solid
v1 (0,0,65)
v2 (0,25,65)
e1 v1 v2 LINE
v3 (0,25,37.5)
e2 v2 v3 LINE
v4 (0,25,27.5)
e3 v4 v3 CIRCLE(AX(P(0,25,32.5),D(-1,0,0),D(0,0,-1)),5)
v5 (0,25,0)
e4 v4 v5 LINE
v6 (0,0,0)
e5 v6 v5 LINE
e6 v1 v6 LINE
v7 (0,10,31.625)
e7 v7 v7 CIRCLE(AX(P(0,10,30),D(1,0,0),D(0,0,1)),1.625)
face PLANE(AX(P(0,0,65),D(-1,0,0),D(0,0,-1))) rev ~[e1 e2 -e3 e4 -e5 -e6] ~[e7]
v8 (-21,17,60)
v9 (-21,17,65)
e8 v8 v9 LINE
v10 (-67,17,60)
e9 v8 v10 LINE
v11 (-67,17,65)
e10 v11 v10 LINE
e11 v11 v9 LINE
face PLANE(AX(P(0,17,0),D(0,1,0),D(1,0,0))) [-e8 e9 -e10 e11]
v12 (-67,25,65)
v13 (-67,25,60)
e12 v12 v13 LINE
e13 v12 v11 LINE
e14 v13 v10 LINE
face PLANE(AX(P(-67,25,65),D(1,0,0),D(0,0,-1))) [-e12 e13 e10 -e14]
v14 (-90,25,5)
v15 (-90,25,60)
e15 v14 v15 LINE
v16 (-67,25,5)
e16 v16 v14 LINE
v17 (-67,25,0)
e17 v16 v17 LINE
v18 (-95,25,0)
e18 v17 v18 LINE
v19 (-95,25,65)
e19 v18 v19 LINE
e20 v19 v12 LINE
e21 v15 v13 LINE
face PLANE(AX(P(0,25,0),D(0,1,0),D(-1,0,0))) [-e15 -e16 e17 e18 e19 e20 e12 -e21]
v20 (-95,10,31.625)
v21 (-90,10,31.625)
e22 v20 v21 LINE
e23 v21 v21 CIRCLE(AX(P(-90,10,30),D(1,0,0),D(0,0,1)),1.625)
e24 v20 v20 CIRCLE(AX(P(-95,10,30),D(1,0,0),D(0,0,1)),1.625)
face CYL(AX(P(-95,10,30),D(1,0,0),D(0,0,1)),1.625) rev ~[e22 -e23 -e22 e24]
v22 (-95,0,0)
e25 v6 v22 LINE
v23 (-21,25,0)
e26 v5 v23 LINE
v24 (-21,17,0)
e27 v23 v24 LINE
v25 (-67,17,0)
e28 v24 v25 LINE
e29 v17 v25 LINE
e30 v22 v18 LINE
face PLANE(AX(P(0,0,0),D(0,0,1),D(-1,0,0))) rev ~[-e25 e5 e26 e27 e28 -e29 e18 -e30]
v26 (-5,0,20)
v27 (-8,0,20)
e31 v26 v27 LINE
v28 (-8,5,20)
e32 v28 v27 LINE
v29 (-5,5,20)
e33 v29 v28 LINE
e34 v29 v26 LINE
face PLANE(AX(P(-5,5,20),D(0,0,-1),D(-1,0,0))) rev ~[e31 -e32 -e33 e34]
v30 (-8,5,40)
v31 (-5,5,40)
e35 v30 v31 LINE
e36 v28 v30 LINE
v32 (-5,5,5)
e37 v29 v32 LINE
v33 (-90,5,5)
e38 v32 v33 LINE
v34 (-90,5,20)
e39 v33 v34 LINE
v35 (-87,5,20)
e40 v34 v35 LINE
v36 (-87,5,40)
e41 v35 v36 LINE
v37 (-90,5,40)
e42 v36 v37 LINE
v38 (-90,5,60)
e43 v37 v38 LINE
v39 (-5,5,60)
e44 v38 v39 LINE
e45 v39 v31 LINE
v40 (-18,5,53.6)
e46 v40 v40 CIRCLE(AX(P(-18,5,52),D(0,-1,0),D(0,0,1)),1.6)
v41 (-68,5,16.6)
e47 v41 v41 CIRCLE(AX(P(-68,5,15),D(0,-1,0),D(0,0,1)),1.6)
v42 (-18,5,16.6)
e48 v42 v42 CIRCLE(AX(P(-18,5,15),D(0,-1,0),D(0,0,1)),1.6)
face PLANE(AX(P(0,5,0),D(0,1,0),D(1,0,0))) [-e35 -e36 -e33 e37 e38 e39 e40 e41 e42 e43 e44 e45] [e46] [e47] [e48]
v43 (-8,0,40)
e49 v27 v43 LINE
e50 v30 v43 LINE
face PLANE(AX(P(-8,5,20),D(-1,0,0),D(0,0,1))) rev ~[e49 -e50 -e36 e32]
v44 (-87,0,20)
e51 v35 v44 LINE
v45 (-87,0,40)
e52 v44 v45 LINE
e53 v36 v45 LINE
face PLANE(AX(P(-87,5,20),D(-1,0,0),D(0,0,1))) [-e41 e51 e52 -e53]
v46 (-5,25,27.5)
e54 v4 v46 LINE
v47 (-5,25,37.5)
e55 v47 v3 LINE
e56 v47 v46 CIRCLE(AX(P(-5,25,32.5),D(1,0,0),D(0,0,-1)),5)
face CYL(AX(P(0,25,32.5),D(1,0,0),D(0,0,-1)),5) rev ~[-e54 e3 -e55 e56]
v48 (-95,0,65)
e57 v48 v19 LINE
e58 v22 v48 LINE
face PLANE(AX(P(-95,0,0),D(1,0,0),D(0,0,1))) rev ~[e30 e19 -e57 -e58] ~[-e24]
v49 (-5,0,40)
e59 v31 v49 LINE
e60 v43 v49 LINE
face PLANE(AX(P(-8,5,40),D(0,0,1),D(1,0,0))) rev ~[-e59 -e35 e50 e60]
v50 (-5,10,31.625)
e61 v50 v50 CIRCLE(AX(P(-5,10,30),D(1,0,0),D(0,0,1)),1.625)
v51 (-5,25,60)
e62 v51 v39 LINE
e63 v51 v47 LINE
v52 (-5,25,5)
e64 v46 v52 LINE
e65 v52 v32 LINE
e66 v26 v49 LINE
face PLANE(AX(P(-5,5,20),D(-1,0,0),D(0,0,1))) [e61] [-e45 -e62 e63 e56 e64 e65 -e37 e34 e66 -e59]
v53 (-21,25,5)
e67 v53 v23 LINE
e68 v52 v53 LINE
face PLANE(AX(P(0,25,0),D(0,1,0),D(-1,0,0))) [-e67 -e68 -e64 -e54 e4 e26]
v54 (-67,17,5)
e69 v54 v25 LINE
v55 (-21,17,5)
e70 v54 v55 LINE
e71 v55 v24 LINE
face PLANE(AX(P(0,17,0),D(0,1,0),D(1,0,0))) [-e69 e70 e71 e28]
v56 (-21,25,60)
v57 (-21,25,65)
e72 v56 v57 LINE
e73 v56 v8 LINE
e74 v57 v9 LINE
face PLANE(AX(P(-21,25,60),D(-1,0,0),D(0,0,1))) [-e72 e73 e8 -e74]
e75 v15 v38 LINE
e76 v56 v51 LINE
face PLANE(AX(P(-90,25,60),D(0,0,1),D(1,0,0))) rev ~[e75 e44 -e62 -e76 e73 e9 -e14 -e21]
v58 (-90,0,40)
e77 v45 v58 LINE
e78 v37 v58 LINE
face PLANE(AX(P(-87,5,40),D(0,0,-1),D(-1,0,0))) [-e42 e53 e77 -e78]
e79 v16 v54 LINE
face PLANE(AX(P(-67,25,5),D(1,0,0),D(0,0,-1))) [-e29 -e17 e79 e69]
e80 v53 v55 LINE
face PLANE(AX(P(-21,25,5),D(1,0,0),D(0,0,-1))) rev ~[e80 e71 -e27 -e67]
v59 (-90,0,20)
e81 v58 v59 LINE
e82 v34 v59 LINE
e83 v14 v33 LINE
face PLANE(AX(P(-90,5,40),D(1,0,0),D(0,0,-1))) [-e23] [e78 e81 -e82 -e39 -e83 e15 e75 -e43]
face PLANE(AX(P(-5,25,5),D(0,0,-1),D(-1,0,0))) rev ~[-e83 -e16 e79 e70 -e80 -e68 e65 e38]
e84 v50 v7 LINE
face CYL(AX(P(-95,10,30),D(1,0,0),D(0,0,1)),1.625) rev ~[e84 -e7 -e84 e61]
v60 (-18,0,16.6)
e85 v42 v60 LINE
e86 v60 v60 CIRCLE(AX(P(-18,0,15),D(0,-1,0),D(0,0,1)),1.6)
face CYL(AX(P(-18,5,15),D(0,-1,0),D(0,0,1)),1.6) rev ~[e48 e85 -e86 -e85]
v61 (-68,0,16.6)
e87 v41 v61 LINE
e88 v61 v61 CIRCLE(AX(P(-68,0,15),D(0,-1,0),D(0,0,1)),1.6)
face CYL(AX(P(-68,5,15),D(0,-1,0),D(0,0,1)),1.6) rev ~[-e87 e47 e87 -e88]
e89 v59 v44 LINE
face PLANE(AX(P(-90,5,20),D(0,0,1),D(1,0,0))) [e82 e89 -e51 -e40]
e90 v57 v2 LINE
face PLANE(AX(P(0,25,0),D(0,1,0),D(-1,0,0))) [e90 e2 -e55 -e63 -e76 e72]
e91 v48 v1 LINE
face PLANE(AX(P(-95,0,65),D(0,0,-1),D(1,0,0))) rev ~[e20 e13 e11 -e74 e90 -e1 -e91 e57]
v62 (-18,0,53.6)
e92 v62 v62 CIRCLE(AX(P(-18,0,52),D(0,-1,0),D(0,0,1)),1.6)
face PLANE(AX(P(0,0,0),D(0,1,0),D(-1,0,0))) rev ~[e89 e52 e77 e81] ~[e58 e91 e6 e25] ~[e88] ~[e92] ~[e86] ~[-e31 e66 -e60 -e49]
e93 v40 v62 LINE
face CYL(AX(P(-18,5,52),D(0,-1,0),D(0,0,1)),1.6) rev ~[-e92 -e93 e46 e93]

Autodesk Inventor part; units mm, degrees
ref_plane "YZ Plane" through (0, 0, 0) normal (1, 0, 0) x (0, 1, 0)
ref_plane "XZ Plane" through (0, 0, 0) normal (0, 1, 0) x (-1, 0, 0)
ref_plane "XY Plane" through (0, 0, 0) normal (0, 0, 1) x (1, 0, 0)
sketch "Sketch1" plane through (0, 0, 0) normal (0, 1, 0) x (-1, 0, 0)
  line L0 (0, 0) -> (95, 0)
  line L1 (95, 0) -> (95, 65)
  line L2 (95, 65) -> (0, 65)
  line L3 (0, 65) -> (0, 0)
  dimension "d0" = 95
  dimension "d1" = 65
extrude "Extrusion1" add sketch "Sketch1" along normal blind 25
sketch "Sketch2" plane through (0, 25, 0) normal (0, 1, 0) x (1, 0, 0)
  line L0 (-5, -5) -> (-90, -5)
  line L1 (-90, -5) -> (-90, -60)
  line L2 (-90, -60) -> (-5, -60)
  line L3 (-5, -60) -> (-5, -5)
extrude "Extrusion2" cut sketch "Sketch2" against normal blind 20
sketch "Sketch3" plane through (0, 25, 0) normal (0, 1, 0) x (1, 0, 0)
  line L0 (-5, -60) -> (-90, -60) projected
  line L1 (-95, -65) -> (0, -65) projected
  line L2 (-67, -65) -> (-67, -60)
  line L3 (-21, -60) -> (-21, -65)
  line L4 (-90, -5) -> (-5, -5) projected
  line L5 (0, 0) -> (-95, 0) projected
  line L6 (0, -65) -> (0, 0) projected
  line L7 (-67, -5) -> (-67, 0)
  line L8 (-21, -5) -> (-21, 0)
  line L9 (-67, 0) -> (-21, 0)
  line L10 (-21, -5) -> (-67, -5)
  dimension "d6" = 28
  dimension "d7" = 21
extrude "Extrusion4" cut sketch "Sketch3" against normal blind 8 contours L3 L1 L2 L0
extrude "Extrusion5" cut sketch "Sketch3" against normal blind 8 contours L8 L4 L7 L5
sketch "Sketch4" plane through (0, 0, 65) normal (1, 0, 0) x (0, 0, -1)
  line L0 (0, 25) -> (65, 25) projected
  circle A0 centre (32.5, 25) radius 5
  dimension "d14" = 10
extrude "Extrusion6" cut sketch "Sketch4" against normal blind 8
sketch "Sketch5" plane through (0, 5, 0) normal (0, 1, 0) x (1, 0, 0)
  line L0 (-90, -5) -> (-5, -5) projected
  line L1 (-90, -60) -> (-90, -5) projected
  line L2 (-90, -20) -> (-87, -20)
  line L3 (-87, -20) -> (-87, -40)
  line L4 (-87, -40) -> (-90, -40)
  line L5 (-90, -40) -> (-90, -20)
  point P0 (0, 0)
  dimension "d17" = 3
  dimension "d18" = 20
  dimension "d19" = 15
extrude "Extrusion7" cut sketch "Sketch5" against normal blind 8
sketch "Sketch6" plane through (0, 5, 0) normal (0, 1, 0) x (1, 0, 0)
  line L0 (-5, -5) -> (-5, -60) projected
  line L1 (-90, -20) -> (-90, -5) projected
  line L2 (-5, -20) -> (-8, -20)
  line L3 (-8, -20) -> (-8, -40)
  line L4 (-8, -40) -> (-5, -40)
  point P0 (0, 0)
  dimension "d22" = 3
  dimension "d23" = 20
extrude "Extrusion8" cut sketch "Sketch6" against normal blind 8
sketch "Sketch7" plane through (-95, 0, 0) normal (-1, 0, 0) x (0, 0, 1)
  line L0 (0, 0) -> (65, 0) projected
  line L1 (0, 0) -> (0, 25) projected
  circle A0 centre (30, 10) radius 1.625
  dimension "d26" = 3.25
  dimension "d27" = 10
  dimension "d28" = 30
hole "Hole1" at (-95, 10, 30) direction (1, 0, 0) diameter 3.25 end through all
sketch "Sketch8" plane through (0, 5, 0) normal (0, 1, 0) x (1, 0, 0)
  line L0 (-5, -5) -> (-5, -20) projected
  line L1 (-90, -5) -> (-5, -5) projected
  line L2 (-90, -20) -> (-90, -5) projected
  line L3 (-5, -60) -> (-90, -60) projected
  circle A0 centre (-68, -15) radius 1.6
  circle A1 centre (-18, -15) radius 1.6
  circle A2 centre (-18, -52) radius 1.6
  line L4 (-5, -40) -> (-5, -60) projected
  point P0 (0, 0)
  dimension "d36" = 3.2
  dimension "d39" = 3.2
  dimension "d50" = 22
  dimension "d51" = 10
  dimension "d52" = 10
  dimension "d53" = 13
  dimension "d54" = 13
  dimension "d55" = 8
hole "Hole2" at (-68, 5, 15) at (-18, 5, 15) at (-18, 5, 52) direction (0, -1, 0) diameter 3.2 end through all
properties part number "MAINCHAMBER"
